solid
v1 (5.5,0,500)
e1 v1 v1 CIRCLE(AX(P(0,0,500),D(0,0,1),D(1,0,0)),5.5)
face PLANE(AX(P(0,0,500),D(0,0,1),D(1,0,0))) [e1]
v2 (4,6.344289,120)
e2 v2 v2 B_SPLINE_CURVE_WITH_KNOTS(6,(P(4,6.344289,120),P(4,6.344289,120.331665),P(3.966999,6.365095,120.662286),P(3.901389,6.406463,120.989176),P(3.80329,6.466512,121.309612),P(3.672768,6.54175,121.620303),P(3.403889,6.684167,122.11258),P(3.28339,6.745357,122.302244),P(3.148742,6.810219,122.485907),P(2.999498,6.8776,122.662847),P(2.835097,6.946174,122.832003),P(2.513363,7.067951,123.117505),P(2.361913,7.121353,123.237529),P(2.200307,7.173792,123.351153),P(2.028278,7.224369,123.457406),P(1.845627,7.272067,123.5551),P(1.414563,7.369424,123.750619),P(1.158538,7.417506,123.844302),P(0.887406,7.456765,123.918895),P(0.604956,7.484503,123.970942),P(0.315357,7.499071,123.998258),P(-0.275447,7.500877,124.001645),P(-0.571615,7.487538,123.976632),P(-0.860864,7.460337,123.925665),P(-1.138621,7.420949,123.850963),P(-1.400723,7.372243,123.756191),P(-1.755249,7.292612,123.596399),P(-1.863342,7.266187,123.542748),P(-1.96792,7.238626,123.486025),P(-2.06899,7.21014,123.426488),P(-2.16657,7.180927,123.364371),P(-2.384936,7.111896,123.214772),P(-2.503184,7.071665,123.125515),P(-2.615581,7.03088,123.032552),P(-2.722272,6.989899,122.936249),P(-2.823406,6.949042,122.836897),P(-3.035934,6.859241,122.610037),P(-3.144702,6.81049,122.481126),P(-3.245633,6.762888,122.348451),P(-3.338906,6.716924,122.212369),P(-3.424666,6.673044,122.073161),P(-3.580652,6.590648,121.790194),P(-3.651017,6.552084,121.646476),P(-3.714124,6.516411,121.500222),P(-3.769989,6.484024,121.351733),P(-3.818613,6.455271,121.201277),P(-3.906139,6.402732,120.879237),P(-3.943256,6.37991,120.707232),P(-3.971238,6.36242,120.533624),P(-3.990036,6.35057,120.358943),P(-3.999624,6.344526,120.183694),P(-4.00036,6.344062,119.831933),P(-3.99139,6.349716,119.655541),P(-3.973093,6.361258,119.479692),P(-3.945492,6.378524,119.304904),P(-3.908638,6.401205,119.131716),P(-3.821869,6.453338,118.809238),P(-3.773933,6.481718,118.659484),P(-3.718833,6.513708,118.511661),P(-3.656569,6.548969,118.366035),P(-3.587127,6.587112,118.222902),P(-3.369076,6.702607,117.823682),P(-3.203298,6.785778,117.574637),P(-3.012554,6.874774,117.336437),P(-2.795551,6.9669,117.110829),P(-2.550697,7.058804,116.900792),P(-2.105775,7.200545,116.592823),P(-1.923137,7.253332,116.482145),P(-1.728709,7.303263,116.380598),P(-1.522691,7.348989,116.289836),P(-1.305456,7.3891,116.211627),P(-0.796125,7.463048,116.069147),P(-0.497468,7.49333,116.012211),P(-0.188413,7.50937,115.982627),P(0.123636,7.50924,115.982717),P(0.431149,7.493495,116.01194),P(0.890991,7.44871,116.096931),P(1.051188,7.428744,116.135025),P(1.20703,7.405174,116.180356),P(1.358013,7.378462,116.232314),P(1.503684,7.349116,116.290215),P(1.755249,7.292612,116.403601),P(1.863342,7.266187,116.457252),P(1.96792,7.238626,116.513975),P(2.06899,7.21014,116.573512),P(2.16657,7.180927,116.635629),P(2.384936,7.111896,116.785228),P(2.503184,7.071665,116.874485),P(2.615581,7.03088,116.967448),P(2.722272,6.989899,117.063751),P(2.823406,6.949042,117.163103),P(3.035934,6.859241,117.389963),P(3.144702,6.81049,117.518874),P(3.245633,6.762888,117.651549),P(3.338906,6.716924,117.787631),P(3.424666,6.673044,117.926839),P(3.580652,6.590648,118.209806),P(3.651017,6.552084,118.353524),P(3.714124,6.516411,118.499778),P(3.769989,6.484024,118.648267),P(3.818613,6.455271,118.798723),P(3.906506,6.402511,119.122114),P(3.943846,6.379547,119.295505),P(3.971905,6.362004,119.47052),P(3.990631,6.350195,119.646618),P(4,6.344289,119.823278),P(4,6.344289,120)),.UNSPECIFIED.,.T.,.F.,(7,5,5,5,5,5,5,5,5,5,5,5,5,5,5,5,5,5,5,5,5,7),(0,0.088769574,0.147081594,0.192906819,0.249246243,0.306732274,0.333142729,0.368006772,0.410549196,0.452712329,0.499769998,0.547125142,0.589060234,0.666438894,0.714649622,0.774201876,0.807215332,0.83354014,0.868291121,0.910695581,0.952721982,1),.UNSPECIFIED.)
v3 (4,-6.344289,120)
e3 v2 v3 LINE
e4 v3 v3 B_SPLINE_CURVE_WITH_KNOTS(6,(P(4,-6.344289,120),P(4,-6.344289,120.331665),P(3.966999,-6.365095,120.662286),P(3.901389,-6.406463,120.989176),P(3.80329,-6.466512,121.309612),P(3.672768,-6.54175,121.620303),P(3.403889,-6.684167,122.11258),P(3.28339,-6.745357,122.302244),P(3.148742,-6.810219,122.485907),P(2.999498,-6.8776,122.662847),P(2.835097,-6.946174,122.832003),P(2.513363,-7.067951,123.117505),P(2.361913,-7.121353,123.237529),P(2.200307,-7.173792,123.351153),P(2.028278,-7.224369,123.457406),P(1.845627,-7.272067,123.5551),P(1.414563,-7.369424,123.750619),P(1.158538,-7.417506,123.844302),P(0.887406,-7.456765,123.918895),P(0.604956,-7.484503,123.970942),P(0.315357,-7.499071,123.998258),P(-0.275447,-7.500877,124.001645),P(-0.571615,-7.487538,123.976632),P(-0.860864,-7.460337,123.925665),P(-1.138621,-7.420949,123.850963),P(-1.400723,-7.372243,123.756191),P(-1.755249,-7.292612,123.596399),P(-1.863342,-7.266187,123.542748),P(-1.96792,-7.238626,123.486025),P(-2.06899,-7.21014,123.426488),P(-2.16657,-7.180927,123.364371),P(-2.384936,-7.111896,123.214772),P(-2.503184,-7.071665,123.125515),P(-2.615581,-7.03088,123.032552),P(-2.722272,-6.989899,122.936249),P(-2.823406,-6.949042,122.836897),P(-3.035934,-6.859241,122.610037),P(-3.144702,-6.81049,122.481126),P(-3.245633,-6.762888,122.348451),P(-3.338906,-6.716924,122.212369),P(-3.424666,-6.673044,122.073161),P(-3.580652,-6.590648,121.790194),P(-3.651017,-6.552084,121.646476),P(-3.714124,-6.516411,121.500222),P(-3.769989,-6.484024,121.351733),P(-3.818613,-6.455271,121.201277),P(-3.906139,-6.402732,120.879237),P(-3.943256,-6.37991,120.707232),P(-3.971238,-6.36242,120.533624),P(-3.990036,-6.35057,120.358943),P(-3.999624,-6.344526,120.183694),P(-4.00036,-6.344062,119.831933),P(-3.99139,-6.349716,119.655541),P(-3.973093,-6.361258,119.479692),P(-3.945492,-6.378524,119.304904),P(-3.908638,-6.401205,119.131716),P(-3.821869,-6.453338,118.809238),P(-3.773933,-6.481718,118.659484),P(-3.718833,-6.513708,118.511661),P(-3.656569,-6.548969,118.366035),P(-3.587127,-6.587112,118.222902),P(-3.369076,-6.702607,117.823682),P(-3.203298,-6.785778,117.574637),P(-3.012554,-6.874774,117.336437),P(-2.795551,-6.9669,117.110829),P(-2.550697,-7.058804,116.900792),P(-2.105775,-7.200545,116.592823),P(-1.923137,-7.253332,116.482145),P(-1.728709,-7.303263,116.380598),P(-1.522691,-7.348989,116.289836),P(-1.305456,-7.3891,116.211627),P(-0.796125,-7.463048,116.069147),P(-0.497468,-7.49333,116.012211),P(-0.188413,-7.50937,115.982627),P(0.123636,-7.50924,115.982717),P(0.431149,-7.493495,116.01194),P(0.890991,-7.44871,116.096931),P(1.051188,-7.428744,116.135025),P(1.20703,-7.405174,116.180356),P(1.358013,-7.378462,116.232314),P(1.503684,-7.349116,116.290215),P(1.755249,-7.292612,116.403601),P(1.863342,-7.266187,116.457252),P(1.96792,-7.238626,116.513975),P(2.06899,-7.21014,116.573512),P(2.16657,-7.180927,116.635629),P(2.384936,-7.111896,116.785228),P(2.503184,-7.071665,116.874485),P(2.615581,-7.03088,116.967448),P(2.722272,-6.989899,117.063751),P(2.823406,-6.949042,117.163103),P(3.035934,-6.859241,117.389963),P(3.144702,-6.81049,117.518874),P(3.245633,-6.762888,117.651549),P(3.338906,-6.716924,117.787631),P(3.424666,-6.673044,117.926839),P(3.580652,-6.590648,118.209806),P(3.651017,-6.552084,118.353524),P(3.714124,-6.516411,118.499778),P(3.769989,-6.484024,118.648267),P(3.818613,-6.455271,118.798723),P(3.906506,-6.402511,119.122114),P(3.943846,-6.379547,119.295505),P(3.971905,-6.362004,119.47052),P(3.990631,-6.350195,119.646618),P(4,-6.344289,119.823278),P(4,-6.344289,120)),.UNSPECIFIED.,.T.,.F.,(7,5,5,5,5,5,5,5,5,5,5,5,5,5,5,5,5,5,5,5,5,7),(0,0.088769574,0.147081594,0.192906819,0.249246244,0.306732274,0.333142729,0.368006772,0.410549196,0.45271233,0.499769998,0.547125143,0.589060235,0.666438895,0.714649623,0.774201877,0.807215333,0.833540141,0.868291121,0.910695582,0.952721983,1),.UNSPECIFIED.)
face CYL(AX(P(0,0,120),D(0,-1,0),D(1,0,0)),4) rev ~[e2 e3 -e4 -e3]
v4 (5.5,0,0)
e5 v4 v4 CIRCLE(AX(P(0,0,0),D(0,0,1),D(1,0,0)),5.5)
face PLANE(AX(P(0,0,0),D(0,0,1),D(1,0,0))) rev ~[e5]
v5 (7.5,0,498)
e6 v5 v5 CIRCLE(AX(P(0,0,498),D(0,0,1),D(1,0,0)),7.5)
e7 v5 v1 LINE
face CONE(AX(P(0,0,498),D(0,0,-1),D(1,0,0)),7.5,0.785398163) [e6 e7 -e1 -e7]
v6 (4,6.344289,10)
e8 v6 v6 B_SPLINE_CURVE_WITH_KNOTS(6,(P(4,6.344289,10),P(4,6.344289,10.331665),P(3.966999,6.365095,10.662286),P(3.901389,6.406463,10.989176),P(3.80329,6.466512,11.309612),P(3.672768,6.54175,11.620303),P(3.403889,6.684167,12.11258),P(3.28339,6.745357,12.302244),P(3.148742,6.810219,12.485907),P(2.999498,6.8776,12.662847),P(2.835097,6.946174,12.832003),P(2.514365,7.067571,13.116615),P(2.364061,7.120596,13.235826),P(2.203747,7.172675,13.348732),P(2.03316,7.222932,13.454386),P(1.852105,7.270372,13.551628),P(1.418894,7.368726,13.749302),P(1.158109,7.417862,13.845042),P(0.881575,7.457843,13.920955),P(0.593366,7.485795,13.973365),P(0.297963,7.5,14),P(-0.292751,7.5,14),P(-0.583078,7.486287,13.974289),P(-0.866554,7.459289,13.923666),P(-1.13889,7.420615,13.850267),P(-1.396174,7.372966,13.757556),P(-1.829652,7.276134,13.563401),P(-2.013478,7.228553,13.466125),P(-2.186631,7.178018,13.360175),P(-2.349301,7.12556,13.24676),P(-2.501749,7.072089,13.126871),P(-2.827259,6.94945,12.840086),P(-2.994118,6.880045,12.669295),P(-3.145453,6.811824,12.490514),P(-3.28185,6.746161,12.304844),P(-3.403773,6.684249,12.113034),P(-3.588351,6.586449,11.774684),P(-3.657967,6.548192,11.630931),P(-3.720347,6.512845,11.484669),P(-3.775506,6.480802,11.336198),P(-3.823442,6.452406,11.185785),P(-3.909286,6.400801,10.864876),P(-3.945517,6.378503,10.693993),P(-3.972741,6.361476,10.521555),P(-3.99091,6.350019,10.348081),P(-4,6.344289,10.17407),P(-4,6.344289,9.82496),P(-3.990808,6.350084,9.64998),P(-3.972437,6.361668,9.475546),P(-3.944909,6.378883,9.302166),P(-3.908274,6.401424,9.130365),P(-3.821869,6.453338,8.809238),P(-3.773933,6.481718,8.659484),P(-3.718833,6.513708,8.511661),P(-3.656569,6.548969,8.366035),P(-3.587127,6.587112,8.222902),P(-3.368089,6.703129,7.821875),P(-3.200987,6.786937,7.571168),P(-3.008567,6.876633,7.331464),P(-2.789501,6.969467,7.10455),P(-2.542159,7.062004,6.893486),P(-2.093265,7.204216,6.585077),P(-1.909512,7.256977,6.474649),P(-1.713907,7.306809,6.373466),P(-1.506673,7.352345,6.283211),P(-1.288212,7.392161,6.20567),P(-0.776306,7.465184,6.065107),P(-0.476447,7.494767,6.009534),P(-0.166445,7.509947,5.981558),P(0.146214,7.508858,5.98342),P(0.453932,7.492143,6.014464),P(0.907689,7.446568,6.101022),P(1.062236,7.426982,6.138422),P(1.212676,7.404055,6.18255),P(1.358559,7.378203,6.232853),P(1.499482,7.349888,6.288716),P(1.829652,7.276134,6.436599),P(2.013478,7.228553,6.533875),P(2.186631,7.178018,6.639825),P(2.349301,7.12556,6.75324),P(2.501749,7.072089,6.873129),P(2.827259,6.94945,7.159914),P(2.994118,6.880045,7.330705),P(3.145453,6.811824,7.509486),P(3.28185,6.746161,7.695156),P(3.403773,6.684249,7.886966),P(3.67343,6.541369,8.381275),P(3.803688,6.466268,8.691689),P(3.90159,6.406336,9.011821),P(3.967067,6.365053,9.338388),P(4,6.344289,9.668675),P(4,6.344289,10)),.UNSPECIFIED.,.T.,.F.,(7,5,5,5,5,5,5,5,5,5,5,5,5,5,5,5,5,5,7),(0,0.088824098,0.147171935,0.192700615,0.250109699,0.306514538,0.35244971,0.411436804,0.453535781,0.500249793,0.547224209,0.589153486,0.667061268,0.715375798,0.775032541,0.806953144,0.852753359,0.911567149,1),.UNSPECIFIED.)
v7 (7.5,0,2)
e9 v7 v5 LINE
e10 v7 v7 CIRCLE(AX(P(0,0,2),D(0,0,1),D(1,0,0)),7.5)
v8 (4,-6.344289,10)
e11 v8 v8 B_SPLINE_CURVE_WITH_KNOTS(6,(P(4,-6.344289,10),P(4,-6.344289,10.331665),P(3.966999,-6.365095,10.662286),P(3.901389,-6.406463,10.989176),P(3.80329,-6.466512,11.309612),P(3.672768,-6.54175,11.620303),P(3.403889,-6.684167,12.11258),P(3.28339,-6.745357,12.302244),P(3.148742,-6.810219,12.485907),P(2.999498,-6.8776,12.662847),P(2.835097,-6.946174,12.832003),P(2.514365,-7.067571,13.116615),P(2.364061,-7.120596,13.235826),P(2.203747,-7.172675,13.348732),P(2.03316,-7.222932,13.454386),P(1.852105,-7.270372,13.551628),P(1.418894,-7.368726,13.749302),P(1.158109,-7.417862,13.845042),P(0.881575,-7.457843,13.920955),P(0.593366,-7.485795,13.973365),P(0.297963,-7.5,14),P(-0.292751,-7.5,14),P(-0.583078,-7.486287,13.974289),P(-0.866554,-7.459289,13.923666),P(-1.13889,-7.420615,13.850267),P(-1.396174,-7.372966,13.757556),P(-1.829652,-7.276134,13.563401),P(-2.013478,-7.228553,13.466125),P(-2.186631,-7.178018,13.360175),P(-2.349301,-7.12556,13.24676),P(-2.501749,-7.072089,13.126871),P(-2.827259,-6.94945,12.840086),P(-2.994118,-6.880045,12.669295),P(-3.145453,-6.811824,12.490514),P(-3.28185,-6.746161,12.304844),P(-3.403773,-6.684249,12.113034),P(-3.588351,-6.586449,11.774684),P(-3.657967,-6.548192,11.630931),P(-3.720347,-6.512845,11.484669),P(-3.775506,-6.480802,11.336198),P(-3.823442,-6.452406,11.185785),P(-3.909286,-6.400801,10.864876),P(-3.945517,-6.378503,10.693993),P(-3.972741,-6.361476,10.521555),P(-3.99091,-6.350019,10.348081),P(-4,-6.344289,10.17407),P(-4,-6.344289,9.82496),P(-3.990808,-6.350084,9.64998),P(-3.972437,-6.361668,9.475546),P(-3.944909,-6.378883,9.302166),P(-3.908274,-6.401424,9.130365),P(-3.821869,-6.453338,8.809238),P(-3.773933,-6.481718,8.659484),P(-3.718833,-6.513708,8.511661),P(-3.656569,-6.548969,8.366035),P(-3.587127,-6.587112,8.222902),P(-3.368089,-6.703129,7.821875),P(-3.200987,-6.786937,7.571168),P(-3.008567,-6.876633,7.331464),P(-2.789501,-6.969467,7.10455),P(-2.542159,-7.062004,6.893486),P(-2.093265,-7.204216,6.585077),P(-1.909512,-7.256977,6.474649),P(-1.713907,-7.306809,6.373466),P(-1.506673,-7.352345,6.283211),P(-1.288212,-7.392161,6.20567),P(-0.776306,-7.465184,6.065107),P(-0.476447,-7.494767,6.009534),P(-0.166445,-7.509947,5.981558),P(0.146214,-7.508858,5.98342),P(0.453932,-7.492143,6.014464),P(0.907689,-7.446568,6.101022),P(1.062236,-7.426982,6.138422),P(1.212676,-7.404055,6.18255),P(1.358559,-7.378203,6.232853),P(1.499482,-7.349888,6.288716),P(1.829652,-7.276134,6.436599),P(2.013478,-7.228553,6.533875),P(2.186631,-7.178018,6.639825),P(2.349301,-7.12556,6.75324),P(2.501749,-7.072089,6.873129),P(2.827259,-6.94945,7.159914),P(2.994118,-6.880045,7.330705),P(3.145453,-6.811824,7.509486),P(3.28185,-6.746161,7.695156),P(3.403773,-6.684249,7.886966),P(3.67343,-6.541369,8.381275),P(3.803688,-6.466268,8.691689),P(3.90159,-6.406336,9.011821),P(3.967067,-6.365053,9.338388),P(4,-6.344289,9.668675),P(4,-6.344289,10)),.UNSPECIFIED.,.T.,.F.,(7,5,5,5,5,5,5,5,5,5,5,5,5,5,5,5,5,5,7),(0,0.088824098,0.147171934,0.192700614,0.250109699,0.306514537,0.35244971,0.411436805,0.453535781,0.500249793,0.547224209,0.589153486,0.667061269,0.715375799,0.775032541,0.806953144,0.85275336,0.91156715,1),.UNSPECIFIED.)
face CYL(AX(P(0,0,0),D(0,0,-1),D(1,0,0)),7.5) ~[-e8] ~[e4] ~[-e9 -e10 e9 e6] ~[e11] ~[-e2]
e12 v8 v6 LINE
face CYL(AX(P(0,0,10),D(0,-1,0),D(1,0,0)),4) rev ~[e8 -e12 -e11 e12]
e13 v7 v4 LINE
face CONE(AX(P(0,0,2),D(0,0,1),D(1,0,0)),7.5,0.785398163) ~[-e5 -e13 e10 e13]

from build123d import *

# Parameters (mm, degrees)
F0_R     = 7.5
F1_DEPTH = 500
F2_SIZE  = 2
F3_R     = 4
F4_DEPTH = 10


with BuildPart() as f1:
    # F0 (on Top) → F1 (new body)
    with BuildSketch(Plane.XY):
        Circle(F0_R)
    extrude(amount=F1_DEPTH)

    # F2
    f2_edges = [f1.edges().sort_by_distance(p)[0] for p in [
        (-7.5, 0, 0),
        (-7.5, 0, 500),
    ]]
    chamfer(f2_edges, length=F2_SIZE)

    # F3 (on Front) → F4 (cut, symmetric)
    with BuildSketch(Plane.XZ):
        with Locations((0, 10)):
            Circle(F3_R)
        with Locations((0, 120)):
            Circle(F3_R)
    extrude(amount=F4_DEPTH, both=True, mode=Mode.SUBTRACT)


solid = f1.part
